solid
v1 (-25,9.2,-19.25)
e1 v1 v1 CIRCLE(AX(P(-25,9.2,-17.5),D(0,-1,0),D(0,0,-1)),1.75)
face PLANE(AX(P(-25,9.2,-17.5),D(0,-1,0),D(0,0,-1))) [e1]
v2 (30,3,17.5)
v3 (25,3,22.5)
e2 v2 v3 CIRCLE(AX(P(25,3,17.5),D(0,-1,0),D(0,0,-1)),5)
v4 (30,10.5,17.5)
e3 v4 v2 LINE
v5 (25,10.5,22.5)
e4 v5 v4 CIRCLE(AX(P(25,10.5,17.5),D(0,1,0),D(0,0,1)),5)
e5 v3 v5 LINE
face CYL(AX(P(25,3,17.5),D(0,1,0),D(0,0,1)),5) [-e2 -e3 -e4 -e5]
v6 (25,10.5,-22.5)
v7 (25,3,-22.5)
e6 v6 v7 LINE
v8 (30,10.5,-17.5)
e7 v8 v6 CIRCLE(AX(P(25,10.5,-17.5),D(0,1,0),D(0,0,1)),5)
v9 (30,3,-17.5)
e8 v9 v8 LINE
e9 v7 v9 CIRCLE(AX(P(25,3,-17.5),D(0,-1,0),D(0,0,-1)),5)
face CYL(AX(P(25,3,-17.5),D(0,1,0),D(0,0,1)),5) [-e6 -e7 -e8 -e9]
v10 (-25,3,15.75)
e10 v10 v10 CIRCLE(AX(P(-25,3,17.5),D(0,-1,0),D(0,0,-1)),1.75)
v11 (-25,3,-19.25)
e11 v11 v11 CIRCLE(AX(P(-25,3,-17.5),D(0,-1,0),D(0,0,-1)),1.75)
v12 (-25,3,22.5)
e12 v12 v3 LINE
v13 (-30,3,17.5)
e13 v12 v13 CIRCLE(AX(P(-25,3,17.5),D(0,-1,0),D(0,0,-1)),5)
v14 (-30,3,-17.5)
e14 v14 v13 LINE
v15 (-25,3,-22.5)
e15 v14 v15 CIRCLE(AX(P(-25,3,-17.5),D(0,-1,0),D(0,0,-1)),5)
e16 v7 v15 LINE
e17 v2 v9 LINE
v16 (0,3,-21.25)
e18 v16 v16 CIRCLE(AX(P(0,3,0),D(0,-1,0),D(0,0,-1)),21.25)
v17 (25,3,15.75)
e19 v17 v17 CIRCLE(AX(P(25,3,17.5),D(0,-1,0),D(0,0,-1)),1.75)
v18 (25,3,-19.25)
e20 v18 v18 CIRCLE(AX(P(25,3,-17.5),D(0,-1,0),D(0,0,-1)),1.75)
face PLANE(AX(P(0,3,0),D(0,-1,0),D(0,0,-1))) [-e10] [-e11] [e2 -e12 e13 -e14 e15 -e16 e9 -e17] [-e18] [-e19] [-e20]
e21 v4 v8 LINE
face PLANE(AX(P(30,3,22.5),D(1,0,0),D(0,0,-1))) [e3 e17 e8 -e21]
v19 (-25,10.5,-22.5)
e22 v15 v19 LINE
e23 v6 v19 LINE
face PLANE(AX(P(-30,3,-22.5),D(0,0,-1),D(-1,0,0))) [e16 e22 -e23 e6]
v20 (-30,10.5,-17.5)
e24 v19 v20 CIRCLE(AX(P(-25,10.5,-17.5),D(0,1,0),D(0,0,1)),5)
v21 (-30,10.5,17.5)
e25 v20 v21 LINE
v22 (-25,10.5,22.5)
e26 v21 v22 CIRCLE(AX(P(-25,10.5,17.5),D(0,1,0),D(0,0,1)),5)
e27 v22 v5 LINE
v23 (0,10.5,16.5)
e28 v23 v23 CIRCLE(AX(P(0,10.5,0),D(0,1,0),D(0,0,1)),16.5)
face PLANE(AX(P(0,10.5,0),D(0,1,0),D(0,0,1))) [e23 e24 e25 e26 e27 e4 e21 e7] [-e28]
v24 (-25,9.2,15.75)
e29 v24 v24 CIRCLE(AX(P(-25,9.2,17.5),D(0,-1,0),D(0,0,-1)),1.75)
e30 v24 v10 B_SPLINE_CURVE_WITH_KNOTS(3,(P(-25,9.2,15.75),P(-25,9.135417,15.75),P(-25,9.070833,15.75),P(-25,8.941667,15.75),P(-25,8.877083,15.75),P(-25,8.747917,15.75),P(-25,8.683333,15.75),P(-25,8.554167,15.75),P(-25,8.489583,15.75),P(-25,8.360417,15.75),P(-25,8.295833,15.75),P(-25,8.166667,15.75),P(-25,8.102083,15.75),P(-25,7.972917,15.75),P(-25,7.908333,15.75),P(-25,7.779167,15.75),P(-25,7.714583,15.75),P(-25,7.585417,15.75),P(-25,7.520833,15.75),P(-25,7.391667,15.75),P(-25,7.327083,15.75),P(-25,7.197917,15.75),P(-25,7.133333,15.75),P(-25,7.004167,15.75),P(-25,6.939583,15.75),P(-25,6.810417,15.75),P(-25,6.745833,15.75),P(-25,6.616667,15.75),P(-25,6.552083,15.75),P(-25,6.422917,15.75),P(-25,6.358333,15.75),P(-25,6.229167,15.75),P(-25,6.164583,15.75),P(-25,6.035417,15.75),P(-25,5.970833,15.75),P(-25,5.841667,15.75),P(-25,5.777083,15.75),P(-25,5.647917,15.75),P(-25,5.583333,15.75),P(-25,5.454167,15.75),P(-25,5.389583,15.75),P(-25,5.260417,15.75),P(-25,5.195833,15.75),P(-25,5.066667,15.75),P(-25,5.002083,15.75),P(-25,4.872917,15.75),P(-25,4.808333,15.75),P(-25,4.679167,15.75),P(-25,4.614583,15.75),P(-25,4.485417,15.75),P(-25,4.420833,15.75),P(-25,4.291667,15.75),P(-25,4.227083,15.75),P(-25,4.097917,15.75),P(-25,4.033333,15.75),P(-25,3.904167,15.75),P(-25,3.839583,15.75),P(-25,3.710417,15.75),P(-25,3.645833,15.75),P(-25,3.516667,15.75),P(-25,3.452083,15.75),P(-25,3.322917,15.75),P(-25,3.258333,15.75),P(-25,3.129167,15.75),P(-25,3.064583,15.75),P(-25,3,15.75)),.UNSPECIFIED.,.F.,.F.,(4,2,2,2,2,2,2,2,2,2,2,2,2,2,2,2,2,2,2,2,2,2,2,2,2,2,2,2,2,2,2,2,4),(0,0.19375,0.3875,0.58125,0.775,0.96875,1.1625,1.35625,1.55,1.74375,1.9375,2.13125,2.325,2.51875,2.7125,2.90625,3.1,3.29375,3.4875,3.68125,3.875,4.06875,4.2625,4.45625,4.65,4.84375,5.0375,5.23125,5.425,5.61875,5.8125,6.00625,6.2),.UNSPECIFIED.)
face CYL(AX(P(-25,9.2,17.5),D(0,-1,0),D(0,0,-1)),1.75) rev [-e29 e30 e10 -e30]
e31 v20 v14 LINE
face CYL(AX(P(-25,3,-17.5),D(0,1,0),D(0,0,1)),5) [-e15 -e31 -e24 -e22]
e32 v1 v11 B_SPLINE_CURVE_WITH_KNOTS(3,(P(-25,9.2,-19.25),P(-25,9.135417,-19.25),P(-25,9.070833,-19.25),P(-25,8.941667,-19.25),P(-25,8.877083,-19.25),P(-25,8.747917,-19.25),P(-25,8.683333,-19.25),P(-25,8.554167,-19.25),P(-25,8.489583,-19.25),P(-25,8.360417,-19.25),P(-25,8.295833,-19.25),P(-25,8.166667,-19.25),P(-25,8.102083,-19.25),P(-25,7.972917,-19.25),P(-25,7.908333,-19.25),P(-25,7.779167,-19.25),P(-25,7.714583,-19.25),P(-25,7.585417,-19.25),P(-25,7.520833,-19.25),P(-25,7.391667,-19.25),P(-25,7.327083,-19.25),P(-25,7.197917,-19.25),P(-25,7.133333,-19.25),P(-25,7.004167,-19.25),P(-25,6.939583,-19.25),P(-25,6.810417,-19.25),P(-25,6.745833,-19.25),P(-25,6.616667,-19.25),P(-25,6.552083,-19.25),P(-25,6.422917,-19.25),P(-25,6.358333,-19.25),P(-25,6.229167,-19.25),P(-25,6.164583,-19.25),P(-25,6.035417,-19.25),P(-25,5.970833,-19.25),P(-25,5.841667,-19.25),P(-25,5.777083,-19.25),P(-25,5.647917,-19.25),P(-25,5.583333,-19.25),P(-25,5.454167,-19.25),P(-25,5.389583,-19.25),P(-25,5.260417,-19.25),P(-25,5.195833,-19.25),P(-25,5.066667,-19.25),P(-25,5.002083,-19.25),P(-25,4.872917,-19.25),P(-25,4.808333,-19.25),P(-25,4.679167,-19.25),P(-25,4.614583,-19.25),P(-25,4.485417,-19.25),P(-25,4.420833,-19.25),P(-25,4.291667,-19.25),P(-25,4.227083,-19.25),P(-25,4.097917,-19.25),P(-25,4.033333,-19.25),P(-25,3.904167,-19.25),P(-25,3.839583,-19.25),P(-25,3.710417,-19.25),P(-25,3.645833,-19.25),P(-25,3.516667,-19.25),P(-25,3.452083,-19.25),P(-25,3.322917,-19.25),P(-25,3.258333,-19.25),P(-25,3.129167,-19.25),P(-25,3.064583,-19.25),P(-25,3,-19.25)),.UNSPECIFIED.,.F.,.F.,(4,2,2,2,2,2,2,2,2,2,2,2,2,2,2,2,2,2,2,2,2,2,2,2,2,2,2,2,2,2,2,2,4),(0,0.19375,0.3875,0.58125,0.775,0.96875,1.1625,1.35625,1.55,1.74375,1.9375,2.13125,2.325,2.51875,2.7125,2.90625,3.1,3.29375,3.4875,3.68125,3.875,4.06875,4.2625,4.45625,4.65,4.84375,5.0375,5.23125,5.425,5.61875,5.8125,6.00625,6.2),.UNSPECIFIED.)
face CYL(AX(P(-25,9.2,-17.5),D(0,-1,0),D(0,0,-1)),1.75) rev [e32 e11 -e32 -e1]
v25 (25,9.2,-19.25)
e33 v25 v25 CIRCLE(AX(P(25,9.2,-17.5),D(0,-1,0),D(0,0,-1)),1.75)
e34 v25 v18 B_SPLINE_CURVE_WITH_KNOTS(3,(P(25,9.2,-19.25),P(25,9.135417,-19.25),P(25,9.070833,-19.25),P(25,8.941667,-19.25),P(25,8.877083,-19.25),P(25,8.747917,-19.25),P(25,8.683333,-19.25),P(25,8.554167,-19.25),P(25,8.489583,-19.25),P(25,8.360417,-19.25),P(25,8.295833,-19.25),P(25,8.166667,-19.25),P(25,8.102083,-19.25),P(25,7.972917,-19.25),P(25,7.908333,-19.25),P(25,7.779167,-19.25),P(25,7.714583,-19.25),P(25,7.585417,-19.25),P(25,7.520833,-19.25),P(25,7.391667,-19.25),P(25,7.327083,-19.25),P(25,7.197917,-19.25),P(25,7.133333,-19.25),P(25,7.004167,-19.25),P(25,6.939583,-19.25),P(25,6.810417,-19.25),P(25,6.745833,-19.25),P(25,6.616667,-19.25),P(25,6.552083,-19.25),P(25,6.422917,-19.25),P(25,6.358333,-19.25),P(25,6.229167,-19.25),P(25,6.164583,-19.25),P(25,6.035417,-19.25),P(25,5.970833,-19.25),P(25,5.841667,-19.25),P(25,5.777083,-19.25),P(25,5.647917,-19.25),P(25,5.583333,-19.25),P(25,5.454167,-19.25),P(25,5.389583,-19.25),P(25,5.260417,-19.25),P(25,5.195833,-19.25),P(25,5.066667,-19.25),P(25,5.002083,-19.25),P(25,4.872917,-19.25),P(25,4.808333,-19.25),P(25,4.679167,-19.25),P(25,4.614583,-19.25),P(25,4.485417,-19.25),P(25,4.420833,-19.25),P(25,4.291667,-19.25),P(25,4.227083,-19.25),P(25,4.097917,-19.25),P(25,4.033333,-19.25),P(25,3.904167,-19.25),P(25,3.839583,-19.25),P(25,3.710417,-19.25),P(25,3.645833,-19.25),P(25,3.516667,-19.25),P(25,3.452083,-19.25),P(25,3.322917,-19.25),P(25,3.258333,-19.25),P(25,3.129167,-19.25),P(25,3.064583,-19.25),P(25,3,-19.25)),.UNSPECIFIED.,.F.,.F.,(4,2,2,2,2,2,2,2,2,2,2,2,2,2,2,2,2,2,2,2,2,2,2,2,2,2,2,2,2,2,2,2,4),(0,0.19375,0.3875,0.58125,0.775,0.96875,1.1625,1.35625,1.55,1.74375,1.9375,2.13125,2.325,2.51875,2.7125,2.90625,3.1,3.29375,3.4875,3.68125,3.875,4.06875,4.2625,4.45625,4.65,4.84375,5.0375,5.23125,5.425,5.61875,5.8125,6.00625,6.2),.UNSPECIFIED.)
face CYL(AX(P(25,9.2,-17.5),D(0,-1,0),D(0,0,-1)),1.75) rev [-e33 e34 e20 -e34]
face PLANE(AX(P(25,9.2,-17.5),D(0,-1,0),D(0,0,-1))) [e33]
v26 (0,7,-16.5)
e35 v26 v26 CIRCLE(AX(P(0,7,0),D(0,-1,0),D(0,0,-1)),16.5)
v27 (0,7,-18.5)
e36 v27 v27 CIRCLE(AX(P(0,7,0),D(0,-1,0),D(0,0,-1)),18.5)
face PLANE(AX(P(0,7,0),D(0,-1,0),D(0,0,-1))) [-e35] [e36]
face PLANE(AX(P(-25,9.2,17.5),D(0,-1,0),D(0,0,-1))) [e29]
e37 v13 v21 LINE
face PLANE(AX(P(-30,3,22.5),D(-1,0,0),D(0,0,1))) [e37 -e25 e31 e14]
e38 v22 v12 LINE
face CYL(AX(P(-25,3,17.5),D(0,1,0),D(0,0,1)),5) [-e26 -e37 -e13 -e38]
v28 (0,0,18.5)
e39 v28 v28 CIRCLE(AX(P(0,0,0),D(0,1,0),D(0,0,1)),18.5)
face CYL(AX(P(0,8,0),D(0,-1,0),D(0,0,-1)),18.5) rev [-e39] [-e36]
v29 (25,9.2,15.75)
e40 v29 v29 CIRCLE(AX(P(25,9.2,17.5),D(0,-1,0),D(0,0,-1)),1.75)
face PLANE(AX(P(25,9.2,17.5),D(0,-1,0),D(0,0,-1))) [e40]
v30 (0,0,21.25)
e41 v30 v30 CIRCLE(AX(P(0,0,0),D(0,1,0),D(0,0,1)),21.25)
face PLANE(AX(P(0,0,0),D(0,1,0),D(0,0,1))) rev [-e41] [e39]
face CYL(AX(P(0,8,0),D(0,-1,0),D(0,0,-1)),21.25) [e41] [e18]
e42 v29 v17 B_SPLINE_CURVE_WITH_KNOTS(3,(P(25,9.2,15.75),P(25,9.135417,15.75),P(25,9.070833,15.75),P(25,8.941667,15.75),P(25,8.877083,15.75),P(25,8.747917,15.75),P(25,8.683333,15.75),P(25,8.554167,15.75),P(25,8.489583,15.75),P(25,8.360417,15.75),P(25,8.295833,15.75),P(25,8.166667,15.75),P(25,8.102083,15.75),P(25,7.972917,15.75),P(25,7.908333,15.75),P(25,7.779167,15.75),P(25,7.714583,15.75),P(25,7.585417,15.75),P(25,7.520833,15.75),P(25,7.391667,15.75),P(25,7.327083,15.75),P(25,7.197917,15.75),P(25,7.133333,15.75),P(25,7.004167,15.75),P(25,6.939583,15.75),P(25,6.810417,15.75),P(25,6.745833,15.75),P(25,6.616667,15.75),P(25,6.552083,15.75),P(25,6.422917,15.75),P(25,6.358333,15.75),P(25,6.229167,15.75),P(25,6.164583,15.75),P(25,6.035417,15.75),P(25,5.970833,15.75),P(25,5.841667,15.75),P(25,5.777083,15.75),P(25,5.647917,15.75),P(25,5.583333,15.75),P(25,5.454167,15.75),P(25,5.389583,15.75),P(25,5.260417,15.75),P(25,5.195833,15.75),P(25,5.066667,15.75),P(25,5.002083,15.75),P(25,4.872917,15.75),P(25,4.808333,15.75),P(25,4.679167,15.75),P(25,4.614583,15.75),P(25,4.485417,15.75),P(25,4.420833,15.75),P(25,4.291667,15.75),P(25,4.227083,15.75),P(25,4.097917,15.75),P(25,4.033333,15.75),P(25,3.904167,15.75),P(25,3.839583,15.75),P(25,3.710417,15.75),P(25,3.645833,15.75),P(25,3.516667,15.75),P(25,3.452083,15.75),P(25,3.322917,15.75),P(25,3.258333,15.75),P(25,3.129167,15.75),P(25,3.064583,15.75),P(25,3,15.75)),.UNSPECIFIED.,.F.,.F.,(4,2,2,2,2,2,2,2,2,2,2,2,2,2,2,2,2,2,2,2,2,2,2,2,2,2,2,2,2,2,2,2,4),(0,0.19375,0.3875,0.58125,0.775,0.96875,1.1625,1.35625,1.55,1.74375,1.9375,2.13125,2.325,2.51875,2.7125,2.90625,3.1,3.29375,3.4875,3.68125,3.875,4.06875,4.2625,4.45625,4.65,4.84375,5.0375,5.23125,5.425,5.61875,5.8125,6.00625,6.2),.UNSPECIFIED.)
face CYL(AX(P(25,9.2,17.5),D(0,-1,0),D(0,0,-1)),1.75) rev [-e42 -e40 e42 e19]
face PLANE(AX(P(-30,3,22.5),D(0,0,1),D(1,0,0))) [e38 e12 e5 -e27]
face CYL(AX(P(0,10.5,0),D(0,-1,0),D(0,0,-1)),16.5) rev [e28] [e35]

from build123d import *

# Parameters (mm, degrees)
SKETCH1_R           = 21.25
SKETCH1_R_2         = 18.5
BOSS_EXTRUDE1_DEPTH = 8
SKETCH2_R           = 22.5
SKETCH2_R_2         = 16.5
BOSS_EXTRUDE2_DEPTH = 2.5
BOSS_EXTRUDE3_START = -7.5
SKETCH3_W           = 60
SKETCH3_H           = 45
SKETCH3_R           = 16.5
BOSS_EXTRUDE3_DEPTH = 7.5
FILLET2_R           = 5
SKETCH4_R           = 18.5
CUT_EXTRUDE1_DEPTH  = 4
SKETCH5_R           = 1.75
CUT_EXTRUDE2_DEPTH  = 6.2


with BuildPart() as part:
    # Sketch1 → Boss-Extrude1 (new body)
    with BuildSketch(Plane(origin=(0, 0, 0), x_dir=(1, 0, 0), z_dir=(0, 1, 0))):
        with Locations(Location((0, 0, 0), (0, 0, 270))):
            Circle(SKETCH1_R)
        with Locations(Location((0, 0, 0), (0, 0, 270))):
            Circle(SKETCH1_R_2, mode=Mode.SUBTRACT)
    extrude(amount=BOSS_EXTRUDE1_DEPTH)

    # Sketch2 → Boss-Extrude2 (add)
    with BuildSketch(Plane(origin=(0, 8, 0), x_dir=(1, 0, 0), z_dir=(0, 1, 0))):
        with Locations(Location((0, 0, 0), (0, 0, 270))):
            Circle(SKETCH2_R)
        with Locations(Location((0, 0, 0), (0, 0, 270))):
            Circle(SKETCH2_R_2, mode=Mode.SUBTRACT)
    extrude(amount=BOSS_EXTRUDE2_DEPTH)

    # Sketch3 → Boss-Extrude3 (add)
    with BuildSketch(Plane(origin=(0, 10.5, 0), x_dir=(1, 0, 0), z_dir=(0, 1, 0)).offset(BOSS_EXTRUDE3_START)):
        Rectangle(SKETCH3_W, SKETCH3_H)
        with Locations(Location((0, 0, 0), (0, 0, 270))):
            Circle(SKETCH3_R, mode=Mode.SUBTRACT)
    extrude(amount=BOSS_EXTRUDE3_DEPTH)

    # Fillet2
    fillet2_edges = [part.edges().sort_by_distance(p)[0] for p in [
        (30, 6.75, -22.5),
        (30, 6.75, 22.5),
        (-30, 6.75, 22.5),
        (-30, 6.75, -22.5),
    ]]
    fillet(fillet2_edges, radius=FILLET2_R)

    # Sketch4 → Cut-Extrude1 (cut)
    with BuildSketch(Plane(origin=(0, 3, 0), x_dir=(-1, 0, 0), z_dir=(0, -1, 0))):
        with Locations(Location((0, 0, 0), (0, 0, 90))):
            Circle(SKETCH4_R)
    extrude(amount=-CUT_EXTRUDE1_DEPTH, mode=Mode.SUBTRACT)

    # Sketch5 → Cut-Extrude2 (cut)
    with BuildSketch(Plane(origin=(0, 3, 0), x_dir=(-1, 0, 0), z_dir=(0, -1, 0))):
        with Locations(Location((25, -17.5, 0), (0, 0, 90))):
            Circle(SKETCH5_R)
        with Locations(Location((-25, -17.5, 0), (0, 0, 90))):
            Circle(SKETCH5_R)
        with Locations(Location((-25, 17.5, 0), (0, 0, 90))):
            Circle(SKETCH5_R)
        with Locations(Location((25, 17.5, 0), (0, 0, 90))):
            Circle(SKETCH5_R)
    extrude(amount=-CUT_EXTRUDE2_DEPTH, mode=Mode.SUBTRACT)


solid = part.part
